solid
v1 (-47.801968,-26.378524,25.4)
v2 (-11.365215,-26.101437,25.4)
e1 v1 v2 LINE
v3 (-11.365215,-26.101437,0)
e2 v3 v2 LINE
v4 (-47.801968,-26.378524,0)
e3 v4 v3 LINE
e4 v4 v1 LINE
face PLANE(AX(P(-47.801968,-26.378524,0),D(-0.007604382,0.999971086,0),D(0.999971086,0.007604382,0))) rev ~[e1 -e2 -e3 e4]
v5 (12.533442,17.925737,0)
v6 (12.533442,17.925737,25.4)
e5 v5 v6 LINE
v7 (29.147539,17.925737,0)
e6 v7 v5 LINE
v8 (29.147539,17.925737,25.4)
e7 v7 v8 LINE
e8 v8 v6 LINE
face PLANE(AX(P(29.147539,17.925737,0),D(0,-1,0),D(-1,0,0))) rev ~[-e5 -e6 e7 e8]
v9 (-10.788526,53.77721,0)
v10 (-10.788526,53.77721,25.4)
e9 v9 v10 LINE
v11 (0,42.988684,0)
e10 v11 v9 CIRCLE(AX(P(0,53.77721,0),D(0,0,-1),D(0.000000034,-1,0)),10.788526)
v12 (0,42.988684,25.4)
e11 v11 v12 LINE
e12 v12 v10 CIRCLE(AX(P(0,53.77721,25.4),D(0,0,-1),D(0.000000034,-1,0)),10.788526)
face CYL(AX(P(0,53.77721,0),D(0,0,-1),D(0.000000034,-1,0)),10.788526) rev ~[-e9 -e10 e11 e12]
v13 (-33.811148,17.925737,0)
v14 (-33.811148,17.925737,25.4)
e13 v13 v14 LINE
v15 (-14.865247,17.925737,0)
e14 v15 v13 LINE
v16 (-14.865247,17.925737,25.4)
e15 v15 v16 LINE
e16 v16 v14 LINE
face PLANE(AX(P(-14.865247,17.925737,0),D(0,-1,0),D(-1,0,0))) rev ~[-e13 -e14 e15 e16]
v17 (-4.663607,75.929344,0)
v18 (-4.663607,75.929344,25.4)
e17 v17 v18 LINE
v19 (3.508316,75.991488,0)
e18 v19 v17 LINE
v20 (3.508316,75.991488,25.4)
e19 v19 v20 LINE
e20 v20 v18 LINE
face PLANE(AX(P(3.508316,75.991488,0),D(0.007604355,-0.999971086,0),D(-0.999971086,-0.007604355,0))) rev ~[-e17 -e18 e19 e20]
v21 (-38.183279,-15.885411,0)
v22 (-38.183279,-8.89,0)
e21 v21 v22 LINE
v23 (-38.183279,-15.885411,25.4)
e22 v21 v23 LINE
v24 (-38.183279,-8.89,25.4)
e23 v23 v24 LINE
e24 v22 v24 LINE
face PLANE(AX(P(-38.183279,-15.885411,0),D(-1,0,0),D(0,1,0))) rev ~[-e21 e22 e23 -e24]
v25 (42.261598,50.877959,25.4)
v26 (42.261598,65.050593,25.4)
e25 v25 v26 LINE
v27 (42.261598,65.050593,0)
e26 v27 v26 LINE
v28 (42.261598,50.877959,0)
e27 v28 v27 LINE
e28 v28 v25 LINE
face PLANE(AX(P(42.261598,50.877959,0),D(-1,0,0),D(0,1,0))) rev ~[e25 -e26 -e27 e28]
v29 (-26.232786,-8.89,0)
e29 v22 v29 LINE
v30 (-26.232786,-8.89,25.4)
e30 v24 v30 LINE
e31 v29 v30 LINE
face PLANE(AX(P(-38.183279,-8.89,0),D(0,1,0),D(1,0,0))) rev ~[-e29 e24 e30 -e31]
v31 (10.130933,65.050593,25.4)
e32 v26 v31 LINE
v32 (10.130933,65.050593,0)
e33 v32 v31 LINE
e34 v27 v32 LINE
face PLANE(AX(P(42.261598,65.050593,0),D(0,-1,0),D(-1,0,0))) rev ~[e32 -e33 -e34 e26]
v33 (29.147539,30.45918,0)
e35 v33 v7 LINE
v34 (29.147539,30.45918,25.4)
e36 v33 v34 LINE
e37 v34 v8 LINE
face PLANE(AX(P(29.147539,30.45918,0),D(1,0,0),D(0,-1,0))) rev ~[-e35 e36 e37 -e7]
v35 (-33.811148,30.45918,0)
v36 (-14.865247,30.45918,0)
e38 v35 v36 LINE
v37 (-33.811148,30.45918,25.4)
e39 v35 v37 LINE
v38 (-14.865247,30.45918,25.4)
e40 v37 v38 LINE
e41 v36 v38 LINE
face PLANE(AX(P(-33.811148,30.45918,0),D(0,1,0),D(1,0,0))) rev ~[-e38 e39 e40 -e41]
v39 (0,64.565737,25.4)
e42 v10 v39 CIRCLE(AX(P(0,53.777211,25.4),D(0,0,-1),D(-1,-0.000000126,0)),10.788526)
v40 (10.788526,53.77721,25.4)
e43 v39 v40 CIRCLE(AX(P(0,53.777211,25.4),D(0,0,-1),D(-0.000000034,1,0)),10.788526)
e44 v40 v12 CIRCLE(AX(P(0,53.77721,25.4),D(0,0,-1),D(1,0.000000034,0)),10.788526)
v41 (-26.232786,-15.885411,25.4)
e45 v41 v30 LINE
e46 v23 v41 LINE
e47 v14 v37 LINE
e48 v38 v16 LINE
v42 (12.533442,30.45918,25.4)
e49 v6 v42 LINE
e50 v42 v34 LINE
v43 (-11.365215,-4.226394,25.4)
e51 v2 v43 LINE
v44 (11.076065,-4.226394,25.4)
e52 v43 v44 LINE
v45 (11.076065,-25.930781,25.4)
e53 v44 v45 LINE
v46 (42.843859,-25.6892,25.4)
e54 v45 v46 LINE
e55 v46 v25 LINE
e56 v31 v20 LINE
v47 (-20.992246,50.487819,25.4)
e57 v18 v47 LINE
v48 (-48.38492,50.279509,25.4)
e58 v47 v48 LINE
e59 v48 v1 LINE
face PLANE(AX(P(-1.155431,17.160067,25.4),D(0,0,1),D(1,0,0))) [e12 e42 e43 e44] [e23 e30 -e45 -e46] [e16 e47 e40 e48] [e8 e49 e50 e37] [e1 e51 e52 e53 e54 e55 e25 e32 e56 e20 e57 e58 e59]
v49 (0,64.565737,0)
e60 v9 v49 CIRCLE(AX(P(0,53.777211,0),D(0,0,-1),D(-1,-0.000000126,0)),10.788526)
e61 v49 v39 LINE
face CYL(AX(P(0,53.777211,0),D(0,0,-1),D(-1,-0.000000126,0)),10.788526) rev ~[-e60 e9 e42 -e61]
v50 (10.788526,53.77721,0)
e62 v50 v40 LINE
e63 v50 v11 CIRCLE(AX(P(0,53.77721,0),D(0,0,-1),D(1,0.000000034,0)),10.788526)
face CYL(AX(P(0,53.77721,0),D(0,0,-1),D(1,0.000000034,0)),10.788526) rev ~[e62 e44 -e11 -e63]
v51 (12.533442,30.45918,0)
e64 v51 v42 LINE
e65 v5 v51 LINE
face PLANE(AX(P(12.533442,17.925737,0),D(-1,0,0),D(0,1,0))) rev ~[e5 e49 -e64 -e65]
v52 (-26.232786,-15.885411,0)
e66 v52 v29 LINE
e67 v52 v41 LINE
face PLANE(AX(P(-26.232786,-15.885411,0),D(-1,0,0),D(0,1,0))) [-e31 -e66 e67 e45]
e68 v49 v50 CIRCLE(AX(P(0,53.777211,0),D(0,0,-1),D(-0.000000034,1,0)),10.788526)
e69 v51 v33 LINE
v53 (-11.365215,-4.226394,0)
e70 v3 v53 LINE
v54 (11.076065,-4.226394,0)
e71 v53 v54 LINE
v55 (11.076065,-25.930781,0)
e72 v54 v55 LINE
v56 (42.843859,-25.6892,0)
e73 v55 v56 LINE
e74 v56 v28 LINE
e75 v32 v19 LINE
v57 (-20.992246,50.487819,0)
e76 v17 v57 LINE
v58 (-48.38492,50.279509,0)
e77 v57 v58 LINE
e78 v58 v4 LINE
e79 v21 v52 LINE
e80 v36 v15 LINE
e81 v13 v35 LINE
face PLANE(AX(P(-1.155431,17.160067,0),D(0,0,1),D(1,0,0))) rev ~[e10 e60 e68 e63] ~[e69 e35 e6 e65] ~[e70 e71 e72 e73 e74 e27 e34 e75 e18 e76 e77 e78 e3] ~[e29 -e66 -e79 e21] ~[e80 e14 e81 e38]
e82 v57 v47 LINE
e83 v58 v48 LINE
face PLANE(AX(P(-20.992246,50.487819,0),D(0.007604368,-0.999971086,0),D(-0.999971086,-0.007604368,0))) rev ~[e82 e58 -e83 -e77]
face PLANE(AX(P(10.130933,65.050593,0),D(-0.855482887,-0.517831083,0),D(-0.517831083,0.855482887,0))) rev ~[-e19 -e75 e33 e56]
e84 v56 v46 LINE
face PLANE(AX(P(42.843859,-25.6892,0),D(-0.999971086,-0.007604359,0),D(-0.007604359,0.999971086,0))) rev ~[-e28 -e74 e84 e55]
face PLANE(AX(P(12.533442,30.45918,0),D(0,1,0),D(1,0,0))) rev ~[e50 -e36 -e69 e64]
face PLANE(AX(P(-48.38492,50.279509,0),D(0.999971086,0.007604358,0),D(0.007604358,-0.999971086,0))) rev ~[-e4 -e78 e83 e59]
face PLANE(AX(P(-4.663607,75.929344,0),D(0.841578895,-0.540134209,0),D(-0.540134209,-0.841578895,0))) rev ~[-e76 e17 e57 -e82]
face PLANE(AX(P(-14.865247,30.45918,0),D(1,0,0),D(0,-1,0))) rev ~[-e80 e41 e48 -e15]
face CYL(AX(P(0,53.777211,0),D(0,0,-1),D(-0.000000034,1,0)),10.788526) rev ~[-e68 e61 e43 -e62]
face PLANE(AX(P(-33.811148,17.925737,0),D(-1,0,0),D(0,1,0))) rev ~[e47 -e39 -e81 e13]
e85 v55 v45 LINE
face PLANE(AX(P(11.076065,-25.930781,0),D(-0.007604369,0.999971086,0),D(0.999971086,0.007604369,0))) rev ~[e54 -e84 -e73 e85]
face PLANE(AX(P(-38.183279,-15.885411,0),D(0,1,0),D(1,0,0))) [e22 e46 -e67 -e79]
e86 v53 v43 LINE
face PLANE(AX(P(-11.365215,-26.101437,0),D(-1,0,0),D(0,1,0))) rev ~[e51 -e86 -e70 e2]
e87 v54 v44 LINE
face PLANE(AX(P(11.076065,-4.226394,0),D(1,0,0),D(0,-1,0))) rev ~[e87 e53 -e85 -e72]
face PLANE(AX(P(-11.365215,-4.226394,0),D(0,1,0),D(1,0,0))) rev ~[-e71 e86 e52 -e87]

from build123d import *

# Parameters (mm, degrees)
F0_W     = 11.950493
F0_H     = 6.995411
F1_DEPTH = 25.4


with BuildPart() as f1:
    # F0 (on Top) → F1 (new body)
    with BuildSketch(Plane.XY):
        Polygon((-20.992246, 50.487819), (-48.38492, 50.279509), (-47.801968, -26.378524), (-11.365215, -26.101437), (-11.365215, -4.226394), (-0.144575, -4.226394), (11.076065, -4.226394), (11.076065, -25.930781), (42.843859, -25.6892), (42.261598, 50.877959), (42.261598, 65.050593), (10.130933, 65.050593), (3.508316, 75.991488), (-4.663607, 75.929344), align=None)
        with Locations((-32.208033, -12.387705)):
            Rectangle(F0_W, F0_H, mode=Mode.SUBTRACT)
        Polygon((-24.338197, 30.45918), (-14.865247, 30.45918), (-14.865247, 24.192459), (-14.865247, 17.925737), (-24.338197, 17.925737), (-33.811148, 17.925737), (-33.811148, 24.192459), (-33.811148, 30.45918), align=None, mode=Mode.SUBTRACT)
        Polygon((12.533442, 24.192459), (12.533442, 30.45918), (20.840491, 30.45918), (29.147539, 30.45918), (29.147539, 24.192459), (29.147539, 17.925737), (20.840491, 17.925737), (12.533442, 17.925737), align=None, mode=Mode.SUBTRACT)
        with BuildLine():
            ThreePointArc((0, 64.565737), (7.62864, 61.405851), (10.788526, 53.77721))
            ThreePointArc((10.788526, 53.77721), (7.62864, 46.14857), (0, 42.988684))
            ThreePointArc((0, 42.988684), (-7.62864, 46.14857), (-10.788526, 53.77721))
            ThreePointArc((-10.788526, 53.77721), (-7.62864, 61.405851), (0, 64.565737))
        make_face(mode=Mode.SUBTRACT)
    extrude(amount=F1_DEPTH)


solid = f1.part
